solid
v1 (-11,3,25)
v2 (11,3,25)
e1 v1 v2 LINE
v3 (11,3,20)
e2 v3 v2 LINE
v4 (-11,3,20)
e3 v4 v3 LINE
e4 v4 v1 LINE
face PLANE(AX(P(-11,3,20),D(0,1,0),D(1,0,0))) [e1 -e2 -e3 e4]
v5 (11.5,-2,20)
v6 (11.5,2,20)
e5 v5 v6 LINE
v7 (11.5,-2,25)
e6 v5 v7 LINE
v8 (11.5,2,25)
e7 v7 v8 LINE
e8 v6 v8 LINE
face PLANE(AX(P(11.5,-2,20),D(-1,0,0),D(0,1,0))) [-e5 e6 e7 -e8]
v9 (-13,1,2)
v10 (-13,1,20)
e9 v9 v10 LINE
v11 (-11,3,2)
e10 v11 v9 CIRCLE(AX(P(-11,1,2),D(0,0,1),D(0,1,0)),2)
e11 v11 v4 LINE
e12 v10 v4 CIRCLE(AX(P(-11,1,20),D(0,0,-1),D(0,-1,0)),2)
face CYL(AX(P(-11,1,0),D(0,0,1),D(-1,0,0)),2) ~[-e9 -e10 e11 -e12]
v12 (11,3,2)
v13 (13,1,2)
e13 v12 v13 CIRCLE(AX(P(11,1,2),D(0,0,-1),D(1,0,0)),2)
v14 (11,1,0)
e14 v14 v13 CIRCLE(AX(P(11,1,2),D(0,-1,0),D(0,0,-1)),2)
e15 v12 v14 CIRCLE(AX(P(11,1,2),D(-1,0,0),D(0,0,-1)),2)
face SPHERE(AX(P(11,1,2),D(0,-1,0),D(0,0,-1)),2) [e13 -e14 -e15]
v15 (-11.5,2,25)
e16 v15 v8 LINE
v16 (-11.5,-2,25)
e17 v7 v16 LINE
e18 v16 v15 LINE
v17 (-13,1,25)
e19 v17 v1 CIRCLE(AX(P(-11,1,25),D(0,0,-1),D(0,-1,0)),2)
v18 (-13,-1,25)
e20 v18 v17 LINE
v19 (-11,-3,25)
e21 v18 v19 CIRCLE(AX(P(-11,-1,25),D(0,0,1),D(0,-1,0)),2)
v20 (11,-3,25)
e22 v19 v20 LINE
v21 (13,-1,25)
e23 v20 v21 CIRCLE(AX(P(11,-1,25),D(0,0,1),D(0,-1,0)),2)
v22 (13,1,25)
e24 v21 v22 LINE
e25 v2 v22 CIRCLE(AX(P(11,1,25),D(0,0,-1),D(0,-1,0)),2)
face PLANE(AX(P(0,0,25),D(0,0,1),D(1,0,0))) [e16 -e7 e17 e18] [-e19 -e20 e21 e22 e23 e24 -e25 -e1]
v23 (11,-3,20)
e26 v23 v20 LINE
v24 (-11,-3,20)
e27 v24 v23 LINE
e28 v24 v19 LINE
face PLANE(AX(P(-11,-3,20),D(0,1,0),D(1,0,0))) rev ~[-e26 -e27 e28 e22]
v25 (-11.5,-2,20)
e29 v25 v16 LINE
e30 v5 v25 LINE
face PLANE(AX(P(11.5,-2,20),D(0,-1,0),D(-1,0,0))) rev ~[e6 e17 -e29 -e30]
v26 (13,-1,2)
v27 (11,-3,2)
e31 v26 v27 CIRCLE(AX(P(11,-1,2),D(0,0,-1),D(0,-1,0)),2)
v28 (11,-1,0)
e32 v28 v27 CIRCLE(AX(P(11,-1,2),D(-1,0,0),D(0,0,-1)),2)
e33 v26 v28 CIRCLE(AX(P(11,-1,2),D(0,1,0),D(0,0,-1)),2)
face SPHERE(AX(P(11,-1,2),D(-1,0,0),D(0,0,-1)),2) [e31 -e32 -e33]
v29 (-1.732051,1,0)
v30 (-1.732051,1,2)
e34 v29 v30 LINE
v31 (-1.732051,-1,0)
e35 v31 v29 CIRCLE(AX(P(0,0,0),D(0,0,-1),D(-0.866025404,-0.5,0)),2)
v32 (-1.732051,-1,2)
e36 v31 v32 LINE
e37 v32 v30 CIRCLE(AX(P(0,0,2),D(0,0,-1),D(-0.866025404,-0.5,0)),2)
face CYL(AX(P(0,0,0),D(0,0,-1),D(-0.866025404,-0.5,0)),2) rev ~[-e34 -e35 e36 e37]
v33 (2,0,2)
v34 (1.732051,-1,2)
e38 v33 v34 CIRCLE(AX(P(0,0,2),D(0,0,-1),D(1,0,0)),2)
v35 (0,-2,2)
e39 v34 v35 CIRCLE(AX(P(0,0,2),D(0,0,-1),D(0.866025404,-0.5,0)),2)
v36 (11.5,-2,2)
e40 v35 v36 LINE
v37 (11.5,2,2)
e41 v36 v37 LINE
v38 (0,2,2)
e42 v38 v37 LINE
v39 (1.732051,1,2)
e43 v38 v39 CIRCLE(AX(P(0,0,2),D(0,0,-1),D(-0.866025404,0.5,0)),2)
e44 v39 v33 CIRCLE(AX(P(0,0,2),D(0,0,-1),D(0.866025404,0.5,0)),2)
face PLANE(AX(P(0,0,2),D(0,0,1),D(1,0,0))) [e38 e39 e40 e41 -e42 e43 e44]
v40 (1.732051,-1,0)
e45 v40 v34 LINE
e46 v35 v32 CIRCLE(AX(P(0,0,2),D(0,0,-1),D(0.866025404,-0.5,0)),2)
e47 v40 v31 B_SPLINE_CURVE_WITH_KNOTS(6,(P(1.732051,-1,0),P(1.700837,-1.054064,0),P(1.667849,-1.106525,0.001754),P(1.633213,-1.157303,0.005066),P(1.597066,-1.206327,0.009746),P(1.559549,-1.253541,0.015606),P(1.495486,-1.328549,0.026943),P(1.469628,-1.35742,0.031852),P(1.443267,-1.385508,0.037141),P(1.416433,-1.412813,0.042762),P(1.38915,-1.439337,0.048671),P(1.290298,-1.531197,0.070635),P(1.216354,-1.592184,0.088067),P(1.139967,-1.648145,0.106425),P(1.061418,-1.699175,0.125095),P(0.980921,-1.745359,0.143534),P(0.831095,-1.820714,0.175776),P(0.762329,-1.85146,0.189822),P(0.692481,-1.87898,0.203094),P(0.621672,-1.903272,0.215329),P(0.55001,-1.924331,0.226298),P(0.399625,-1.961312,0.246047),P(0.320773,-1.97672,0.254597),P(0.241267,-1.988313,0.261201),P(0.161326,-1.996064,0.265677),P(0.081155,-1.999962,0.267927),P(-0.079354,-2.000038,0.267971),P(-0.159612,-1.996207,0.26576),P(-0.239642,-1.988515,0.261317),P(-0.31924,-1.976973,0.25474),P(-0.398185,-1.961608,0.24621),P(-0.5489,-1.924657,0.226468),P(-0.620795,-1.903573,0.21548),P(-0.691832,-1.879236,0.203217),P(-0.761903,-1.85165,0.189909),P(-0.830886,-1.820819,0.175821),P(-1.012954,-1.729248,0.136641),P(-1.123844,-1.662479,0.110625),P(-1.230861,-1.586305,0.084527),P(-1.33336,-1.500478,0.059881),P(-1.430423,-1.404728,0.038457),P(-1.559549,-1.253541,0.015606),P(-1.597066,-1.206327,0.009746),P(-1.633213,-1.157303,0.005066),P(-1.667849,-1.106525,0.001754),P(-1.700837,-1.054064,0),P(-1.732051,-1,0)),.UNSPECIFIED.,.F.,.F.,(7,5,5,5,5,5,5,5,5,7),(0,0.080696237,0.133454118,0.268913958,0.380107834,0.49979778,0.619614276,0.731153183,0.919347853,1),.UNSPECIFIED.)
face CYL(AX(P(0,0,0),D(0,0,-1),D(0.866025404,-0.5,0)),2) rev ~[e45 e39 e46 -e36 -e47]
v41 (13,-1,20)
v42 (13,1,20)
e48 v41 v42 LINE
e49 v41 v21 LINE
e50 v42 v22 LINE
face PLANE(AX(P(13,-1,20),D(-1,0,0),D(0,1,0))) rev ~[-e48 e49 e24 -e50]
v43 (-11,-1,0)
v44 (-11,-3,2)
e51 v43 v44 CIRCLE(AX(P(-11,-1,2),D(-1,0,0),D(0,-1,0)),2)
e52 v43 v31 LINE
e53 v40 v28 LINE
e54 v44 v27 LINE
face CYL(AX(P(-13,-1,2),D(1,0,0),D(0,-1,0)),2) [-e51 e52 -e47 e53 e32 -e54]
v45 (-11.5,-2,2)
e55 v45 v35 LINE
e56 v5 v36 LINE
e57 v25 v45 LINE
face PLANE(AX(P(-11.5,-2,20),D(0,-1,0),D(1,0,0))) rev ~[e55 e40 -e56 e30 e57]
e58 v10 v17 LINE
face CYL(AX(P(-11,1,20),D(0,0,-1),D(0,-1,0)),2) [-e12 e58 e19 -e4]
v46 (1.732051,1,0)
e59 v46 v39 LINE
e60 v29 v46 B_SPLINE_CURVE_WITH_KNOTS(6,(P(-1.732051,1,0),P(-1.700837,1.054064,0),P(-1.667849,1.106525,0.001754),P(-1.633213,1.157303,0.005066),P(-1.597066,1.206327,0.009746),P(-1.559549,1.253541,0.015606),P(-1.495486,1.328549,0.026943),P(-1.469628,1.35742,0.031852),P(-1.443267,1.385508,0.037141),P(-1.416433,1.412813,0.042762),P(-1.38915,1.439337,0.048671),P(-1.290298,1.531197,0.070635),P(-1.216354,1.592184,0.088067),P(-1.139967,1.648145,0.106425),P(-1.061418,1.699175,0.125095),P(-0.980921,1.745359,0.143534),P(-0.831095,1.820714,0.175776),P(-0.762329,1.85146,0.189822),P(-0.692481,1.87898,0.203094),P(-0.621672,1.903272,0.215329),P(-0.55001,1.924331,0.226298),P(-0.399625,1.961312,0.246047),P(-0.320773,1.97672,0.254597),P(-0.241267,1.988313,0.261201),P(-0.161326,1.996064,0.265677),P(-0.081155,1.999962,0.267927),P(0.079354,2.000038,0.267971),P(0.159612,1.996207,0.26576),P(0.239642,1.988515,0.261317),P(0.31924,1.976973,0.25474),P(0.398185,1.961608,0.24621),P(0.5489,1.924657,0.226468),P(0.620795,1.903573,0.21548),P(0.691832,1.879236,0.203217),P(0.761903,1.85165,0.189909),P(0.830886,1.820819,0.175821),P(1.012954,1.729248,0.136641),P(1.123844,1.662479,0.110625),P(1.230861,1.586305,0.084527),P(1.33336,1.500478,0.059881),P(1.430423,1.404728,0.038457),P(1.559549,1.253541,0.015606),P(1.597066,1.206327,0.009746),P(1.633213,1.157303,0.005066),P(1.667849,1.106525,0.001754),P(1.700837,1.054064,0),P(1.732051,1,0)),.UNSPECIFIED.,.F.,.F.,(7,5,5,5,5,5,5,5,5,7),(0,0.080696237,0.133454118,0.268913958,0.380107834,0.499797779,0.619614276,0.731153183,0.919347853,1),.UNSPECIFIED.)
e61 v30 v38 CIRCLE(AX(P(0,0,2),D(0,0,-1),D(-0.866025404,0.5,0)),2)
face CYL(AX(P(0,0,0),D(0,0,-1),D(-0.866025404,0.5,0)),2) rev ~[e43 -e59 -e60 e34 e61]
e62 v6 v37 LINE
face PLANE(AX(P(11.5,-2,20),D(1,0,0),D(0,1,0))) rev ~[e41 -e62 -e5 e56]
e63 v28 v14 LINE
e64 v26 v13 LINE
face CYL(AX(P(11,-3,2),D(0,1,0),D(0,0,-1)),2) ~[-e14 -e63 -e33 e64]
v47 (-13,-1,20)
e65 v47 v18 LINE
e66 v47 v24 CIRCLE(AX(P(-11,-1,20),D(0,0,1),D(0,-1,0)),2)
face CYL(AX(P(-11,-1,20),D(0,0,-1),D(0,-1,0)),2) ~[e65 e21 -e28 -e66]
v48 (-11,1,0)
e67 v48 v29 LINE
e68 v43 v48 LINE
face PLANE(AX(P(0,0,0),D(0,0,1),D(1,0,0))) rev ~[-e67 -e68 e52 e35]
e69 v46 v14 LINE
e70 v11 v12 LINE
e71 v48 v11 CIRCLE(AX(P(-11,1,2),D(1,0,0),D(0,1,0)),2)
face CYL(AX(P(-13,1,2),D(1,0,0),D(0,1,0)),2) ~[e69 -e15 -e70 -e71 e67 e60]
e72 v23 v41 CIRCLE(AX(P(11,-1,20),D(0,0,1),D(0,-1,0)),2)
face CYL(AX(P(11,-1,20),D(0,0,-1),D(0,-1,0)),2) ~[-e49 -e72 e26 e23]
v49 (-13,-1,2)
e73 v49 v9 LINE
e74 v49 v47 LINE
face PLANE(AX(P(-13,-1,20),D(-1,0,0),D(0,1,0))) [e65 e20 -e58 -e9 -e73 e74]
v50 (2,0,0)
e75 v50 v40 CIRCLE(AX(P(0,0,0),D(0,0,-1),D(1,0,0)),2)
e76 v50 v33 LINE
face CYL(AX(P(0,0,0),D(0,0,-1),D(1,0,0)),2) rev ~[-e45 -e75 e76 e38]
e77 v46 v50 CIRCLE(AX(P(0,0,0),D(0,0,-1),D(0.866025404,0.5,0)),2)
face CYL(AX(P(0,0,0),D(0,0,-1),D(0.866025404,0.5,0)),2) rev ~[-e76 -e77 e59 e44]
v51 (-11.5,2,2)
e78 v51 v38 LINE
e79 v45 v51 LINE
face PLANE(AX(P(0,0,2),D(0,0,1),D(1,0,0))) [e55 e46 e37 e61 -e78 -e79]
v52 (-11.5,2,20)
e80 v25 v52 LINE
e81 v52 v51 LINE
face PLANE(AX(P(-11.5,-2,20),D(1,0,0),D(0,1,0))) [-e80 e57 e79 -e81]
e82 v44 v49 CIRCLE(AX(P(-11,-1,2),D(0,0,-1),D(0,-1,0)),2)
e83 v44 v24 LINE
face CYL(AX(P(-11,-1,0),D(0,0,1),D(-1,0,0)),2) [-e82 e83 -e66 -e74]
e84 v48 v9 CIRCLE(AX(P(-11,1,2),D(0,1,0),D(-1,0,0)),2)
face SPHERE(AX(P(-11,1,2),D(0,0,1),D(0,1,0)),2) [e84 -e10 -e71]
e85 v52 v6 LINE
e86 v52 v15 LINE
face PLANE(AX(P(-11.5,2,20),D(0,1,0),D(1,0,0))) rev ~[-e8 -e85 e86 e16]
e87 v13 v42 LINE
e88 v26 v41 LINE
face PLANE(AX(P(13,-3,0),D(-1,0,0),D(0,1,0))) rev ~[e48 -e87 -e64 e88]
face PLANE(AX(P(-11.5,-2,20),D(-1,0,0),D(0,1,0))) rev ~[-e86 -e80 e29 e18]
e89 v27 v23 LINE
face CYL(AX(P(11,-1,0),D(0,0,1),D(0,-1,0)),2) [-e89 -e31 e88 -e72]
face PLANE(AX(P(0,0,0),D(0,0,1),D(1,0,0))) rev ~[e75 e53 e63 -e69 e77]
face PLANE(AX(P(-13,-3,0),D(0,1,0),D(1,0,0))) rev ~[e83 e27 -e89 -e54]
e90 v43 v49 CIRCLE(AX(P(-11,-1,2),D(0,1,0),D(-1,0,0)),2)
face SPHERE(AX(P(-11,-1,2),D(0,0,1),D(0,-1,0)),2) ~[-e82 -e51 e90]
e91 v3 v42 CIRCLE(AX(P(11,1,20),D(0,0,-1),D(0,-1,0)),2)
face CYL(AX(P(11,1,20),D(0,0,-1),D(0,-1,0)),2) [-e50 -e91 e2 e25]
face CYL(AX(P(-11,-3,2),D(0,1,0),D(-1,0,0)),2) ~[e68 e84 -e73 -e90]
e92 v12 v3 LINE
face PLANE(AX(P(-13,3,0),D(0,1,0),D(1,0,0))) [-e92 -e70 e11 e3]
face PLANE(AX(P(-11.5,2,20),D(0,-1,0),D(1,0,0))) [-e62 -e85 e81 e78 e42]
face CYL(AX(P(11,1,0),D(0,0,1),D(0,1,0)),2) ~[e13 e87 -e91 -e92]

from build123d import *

# Parameters (mm, degrees)
F0_W     = 26
F0_H     = 6
F1_DEPTH = 20
F2_W     = 23
F2_H     = 4
F3_DEPTH = 18
F4_R     = 2
F6_DEPTH = 25
F7_DEPTH = 5


with BuildPart() as f1:
    # F0 (on Top) → F1 (new body)
    with BuildSketch(Plane.XY):
        Rectangle(F0_W, F0_H)
    extrude(amount=F1_DEPTH)

    # F2 (on face) → F3 (cut)
    with BuildSketch(Plane.XY.offset(20)):
        Rectangle(F2_W, F2_H)
    extrude(amount=-F3_DEPTH, mode=Mode.SUBTRACT)

    # F4
    f4_edges = [f1.edges().sort_by_distance(p)[0] for p in [
        (-13, 3, 10),
        (-13, -3, 10),
        (0, -3, 0),
        (13, 0, 0),
        (0, 3, 0),
        (-13, 0, 0),
        (13, -3, 10),
        (13, 3, 10),
    ]]
    fillet(f4_edges, radius=F4_R)

    # F5 (on face) → F6 (cut)
    with BuildSketch(Plane(origin=(0, 0, 0), x_dir=(1, 0, 0), z_dir=(0, 0, -1))):
        with BuildLine():
            Line((-1.7320508076, 1), (1.7320508076, 1))
            ThreePointArc((1.7320508076, 1), (0, 2), (-1.7320508076, 1))
        make_face()
        with BuildLine():
            ThreePointArc((-1.7320508076, -1), (0, -2), (1.7320508076, -1))
            Line((1.7320508076, -1), (-1.7320508076, -1))
        make_face()
        with BuildLine():
            ThreePointArc((1.7320508076, -1), (1.9318516526, -0.5176380902), (2, 0))
            ThreePointArc((2, 0), (1.9318516526, 0.5176380902), (1.7320508076, 1))
            Line((1.7320508076, 1), (-1.7320508076, 1))
            ThreePointArc((-1.7320508076, 1), (-2, 0), (-1.7320508076, -1))
            Line((-1.7320508076, -1), (1.7320508076, -1))
        make_face()
    extrude(amount=-F6_DEPTH, mode=Mode.SUBTRACT)

    # F7 (add): a face of the model
    f7_faces = [f1.faces().sort_by_distance(p)[0] for p in [
        (0, -2.7331667187, 20),
    ]]
    extrude(f7_faces, amount=F7_DEPTH)


solid = f1.part
